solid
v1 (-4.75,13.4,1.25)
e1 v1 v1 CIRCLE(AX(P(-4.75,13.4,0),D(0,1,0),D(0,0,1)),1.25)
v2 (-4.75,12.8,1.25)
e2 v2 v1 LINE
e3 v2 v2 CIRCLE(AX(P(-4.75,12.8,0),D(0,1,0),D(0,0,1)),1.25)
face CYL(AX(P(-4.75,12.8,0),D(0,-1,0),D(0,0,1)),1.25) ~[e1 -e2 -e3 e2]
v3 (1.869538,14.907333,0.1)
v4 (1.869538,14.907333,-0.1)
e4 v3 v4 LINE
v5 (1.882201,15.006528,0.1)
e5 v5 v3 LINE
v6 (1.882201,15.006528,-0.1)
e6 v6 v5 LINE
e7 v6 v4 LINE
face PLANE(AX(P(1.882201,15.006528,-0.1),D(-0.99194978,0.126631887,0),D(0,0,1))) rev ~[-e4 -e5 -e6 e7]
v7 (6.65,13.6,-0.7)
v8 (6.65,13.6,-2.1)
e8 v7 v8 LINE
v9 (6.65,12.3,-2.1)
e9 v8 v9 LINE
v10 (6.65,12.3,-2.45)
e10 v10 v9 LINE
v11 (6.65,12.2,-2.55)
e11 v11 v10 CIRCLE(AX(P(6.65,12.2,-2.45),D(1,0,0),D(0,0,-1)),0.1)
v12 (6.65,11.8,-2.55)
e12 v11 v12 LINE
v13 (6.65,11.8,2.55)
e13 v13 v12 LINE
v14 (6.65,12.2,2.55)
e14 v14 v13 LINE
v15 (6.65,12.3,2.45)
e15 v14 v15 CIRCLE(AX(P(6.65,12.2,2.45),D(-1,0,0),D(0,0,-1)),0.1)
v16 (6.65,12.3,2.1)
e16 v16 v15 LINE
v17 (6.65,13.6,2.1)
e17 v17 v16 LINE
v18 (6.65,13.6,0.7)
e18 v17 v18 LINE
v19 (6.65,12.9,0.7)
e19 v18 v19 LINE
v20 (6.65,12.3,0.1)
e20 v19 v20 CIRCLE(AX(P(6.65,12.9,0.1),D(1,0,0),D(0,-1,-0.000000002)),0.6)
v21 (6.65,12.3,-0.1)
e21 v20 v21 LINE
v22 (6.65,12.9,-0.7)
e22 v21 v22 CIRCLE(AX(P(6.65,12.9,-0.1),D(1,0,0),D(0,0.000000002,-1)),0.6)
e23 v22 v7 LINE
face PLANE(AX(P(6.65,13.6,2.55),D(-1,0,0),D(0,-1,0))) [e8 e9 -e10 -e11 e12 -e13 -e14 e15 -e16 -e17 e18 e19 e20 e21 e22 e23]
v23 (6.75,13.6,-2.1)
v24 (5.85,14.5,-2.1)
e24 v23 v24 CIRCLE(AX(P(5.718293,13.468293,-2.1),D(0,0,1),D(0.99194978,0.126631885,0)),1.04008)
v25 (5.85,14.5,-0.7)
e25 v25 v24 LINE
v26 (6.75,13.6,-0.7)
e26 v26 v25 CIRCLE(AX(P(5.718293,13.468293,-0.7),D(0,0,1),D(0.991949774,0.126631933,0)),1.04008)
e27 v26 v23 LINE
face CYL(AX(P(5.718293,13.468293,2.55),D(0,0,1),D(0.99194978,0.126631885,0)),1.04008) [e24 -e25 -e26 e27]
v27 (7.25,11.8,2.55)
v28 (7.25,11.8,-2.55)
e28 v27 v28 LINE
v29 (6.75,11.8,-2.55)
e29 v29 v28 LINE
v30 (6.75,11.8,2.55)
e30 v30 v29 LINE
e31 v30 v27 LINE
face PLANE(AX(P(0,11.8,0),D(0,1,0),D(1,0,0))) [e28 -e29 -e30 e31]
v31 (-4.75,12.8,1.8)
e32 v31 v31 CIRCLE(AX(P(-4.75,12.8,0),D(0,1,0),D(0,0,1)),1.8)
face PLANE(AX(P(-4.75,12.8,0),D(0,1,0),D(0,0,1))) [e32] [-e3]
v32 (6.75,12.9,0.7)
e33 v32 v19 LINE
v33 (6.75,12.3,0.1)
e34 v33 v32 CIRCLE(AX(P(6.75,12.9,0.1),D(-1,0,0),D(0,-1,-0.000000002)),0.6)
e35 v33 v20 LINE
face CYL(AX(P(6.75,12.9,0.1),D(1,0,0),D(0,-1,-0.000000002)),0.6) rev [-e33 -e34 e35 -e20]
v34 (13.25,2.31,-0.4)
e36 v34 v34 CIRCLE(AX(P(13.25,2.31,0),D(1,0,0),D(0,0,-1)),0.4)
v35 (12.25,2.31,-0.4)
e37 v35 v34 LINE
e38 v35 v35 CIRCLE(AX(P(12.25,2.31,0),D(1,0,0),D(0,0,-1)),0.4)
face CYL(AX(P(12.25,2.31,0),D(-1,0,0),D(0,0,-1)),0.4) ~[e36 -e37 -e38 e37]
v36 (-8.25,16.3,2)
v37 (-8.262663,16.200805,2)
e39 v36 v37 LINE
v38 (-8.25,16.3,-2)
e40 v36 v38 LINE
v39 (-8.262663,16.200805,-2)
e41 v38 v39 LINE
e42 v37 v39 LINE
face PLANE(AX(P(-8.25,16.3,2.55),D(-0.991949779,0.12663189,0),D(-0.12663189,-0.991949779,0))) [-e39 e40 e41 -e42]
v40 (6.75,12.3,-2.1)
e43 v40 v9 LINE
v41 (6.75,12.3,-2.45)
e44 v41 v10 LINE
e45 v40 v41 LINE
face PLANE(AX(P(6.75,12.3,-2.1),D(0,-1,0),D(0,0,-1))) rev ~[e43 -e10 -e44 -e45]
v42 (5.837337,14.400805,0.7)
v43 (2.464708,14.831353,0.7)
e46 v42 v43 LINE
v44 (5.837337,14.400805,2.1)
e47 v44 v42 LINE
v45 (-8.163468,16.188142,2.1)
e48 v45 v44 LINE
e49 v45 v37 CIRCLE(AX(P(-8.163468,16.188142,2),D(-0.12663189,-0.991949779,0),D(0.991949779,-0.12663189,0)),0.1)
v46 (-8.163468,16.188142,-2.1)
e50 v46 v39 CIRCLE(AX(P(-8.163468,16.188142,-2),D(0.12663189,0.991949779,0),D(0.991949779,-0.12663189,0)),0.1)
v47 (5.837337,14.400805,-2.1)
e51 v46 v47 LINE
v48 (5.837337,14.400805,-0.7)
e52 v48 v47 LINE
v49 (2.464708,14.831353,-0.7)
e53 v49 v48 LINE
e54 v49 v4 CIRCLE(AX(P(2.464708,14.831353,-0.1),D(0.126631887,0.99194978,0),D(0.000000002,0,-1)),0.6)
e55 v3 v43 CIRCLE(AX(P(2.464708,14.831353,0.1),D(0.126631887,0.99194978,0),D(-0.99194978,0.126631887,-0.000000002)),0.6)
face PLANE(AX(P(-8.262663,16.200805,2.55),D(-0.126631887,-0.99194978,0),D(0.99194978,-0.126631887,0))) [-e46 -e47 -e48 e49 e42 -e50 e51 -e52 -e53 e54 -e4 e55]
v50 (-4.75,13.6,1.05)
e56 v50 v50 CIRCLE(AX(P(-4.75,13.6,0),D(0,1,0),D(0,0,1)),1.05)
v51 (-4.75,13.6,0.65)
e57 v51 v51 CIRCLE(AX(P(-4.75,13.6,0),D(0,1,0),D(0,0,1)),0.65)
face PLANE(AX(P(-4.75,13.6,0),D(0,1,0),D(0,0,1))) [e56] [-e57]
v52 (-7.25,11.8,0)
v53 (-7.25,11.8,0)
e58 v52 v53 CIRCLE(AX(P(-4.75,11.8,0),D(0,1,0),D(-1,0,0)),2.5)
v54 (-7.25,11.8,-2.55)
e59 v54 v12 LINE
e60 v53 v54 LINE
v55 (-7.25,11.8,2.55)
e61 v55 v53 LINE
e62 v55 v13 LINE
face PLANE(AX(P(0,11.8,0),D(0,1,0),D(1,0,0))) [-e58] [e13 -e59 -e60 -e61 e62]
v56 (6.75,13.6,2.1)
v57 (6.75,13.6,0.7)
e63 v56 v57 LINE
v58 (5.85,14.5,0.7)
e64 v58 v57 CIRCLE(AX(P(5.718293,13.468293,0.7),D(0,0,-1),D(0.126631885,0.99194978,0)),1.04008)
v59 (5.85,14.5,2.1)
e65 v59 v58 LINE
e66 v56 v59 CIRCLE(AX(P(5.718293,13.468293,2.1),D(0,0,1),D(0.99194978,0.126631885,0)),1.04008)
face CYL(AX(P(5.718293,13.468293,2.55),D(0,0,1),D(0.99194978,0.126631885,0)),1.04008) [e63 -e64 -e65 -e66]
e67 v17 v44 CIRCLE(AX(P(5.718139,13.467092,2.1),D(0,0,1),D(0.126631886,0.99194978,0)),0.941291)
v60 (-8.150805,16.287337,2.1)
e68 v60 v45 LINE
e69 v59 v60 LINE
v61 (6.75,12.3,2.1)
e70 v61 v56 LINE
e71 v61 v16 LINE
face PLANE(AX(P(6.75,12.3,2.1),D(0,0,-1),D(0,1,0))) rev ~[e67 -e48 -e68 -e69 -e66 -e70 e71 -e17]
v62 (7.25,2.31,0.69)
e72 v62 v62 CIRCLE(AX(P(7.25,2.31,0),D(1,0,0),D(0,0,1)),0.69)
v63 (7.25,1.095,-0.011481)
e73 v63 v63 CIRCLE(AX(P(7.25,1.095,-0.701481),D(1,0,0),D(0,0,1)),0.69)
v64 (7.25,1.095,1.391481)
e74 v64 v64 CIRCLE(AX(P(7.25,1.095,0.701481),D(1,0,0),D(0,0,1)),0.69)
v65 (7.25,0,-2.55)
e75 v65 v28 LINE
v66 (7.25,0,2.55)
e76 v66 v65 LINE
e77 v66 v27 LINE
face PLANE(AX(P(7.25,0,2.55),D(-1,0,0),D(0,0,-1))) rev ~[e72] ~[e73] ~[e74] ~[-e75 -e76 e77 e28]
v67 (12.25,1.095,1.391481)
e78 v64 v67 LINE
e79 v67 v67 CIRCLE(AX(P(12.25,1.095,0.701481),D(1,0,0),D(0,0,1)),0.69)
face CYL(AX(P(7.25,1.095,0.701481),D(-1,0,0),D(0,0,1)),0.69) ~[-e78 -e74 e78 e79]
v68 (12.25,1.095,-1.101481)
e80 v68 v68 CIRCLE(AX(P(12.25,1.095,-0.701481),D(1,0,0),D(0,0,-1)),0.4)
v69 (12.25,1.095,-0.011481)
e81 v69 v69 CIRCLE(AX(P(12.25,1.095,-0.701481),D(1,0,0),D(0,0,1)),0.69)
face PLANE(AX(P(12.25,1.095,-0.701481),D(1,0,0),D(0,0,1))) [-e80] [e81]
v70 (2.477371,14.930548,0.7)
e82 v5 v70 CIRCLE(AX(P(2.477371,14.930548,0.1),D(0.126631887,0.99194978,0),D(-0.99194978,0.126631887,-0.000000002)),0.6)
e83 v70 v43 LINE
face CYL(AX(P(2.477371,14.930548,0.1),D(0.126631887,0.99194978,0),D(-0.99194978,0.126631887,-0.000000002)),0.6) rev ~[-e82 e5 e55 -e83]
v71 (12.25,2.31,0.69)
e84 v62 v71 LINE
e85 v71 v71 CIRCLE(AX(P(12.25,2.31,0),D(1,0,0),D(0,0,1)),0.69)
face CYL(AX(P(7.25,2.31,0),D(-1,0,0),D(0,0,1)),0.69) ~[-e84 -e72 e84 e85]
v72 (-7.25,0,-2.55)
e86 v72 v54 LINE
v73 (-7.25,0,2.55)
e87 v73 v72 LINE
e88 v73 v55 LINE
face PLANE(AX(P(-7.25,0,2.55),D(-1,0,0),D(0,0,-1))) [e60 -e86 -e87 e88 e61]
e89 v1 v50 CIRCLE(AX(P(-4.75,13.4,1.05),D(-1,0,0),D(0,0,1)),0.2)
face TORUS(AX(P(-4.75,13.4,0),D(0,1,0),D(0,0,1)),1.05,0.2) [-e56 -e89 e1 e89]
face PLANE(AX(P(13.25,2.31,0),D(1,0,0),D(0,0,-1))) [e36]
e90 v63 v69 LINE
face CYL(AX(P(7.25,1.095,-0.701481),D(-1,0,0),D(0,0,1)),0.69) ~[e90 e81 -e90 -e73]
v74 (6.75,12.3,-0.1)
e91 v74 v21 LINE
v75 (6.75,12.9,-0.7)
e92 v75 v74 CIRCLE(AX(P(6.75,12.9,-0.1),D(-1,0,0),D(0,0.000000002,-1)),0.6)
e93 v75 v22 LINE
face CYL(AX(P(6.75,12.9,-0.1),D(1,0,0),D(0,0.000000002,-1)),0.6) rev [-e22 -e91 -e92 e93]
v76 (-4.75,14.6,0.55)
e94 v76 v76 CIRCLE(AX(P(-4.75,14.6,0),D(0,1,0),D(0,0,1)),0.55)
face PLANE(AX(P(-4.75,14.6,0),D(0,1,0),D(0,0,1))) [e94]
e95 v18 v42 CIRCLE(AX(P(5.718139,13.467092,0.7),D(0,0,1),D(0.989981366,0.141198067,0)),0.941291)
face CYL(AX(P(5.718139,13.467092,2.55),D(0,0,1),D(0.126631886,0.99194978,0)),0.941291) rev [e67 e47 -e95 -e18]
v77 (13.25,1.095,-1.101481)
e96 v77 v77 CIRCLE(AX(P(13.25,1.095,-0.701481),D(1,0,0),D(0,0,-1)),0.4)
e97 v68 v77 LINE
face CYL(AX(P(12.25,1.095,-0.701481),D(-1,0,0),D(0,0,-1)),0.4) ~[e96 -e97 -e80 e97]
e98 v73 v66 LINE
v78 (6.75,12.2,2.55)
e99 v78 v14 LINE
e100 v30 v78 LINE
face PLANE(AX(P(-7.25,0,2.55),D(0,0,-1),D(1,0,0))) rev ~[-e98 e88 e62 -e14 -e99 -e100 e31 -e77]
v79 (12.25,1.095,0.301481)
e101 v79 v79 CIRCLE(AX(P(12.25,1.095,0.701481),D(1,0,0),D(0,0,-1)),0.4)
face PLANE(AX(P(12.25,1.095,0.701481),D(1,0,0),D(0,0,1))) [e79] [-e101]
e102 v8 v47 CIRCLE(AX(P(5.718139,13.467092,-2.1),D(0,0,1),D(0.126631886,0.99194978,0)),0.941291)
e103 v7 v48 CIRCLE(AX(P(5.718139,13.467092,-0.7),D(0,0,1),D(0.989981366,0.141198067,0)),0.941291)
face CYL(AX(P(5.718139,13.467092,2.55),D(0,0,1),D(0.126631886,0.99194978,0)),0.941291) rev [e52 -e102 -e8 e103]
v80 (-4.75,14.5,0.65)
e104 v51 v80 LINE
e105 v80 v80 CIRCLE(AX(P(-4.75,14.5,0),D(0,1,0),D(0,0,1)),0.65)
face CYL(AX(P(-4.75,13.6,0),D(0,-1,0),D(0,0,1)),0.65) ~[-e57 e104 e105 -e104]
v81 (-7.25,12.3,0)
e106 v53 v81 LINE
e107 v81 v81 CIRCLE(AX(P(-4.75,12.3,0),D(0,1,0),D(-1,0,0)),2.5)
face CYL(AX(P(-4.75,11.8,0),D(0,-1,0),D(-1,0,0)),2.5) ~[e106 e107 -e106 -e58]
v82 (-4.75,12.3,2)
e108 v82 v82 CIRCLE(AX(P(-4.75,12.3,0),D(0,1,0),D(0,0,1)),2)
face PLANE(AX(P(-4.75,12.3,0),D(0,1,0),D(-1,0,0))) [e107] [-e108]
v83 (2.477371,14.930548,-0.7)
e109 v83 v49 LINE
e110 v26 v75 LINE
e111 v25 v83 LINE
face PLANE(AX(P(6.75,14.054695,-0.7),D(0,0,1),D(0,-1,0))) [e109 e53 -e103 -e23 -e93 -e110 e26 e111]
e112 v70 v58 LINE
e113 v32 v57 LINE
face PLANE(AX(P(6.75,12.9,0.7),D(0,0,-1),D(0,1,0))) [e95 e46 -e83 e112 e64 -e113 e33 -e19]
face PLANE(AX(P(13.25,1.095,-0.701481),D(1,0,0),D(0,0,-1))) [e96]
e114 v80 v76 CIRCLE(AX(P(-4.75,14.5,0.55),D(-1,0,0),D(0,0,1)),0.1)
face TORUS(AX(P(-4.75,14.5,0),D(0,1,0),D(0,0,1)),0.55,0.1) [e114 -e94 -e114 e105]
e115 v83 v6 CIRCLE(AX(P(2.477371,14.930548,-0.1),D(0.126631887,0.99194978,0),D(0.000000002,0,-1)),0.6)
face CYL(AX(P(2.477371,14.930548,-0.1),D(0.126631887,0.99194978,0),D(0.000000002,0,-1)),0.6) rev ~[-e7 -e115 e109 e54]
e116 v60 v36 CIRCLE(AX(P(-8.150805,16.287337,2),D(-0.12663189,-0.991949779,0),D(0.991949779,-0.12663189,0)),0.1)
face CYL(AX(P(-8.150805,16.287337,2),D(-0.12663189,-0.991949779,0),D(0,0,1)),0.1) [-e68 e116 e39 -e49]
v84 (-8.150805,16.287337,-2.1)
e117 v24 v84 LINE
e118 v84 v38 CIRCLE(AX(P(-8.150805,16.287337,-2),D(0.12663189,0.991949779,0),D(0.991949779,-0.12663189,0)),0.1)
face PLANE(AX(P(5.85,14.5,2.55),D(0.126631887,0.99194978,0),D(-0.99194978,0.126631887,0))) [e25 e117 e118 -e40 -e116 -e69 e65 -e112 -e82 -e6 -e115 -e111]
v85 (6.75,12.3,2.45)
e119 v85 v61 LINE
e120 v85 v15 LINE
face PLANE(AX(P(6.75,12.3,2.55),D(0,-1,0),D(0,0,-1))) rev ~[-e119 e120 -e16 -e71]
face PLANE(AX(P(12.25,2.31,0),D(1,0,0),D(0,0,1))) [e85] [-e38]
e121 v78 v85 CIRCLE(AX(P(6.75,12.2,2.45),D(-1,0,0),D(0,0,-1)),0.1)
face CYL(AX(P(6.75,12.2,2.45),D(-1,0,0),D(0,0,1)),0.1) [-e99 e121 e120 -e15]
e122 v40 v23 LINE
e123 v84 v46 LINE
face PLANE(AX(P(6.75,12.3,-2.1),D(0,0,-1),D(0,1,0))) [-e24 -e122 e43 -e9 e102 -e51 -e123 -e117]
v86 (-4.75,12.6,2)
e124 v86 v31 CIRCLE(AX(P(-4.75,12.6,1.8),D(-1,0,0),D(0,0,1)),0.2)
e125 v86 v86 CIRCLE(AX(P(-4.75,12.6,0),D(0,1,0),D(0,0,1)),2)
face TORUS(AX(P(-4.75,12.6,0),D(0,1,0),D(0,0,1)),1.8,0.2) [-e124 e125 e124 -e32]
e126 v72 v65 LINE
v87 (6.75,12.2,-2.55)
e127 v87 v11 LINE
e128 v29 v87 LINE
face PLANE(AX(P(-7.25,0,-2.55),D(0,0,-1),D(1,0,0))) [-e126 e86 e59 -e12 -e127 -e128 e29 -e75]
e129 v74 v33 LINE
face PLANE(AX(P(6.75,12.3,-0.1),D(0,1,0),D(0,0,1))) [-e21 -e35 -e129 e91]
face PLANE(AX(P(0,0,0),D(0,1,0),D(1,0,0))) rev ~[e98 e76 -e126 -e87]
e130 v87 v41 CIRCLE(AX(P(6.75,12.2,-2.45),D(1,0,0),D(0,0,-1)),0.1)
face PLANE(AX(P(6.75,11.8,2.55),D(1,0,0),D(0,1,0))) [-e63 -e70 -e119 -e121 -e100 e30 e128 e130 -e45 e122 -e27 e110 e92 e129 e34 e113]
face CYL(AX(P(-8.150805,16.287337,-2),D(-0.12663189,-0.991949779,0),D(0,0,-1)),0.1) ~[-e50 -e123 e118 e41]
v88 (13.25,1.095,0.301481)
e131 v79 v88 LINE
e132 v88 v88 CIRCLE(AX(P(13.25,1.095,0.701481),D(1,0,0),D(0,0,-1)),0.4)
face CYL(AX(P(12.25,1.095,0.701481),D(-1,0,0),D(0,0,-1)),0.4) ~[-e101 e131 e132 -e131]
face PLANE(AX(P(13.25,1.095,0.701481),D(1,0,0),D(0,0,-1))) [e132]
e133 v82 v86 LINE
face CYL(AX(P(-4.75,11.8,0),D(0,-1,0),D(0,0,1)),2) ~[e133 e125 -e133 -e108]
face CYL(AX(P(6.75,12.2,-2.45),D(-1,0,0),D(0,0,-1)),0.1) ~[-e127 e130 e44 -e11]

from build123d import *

# Parameters (mm, degrees)
SZKIC2_W                    = 14.5
SZKIC2_H                    = 5.1
DODANIE_WYCI_GNI_CIE1_DEPTH = 11.8
SZKIC3_R                    = 2.5
SZKIC3_R_2                  = 2
DODANIE_WYCI_GNI_CIE2_DEPTH = 0.5
SZKIC4_R                    = 2
DODANIE_WYCI_GNI_CIE3_DEPTH = 1
SZKIC5_R                    = 1.25
DODANIE_WYCI_GNI_CIE4_DEPTH = 0.8
SZKIC6_R                    = 0.65
DODANIE_WYCI_GNI_CIE5_DEPTH = 1
ZAOKR_GLENIE1_R             = 0.2
DODANIE_WYCI_GNI_CIE7_DEPTH = 5.1
SZKIC11_W                   = 0.45
SZKIC11_H                   = 5.401514826
WYTNIJ_WYCI_GNI_CIE2_DEPTH  = 23.306334437
WYTNIJ_WYCI_GNI_CIE3_DEPTH  = 0.778786
WYTNIJ_WYCI_GNI_CIE4_DEPTH  = 5
ZAOKR_GLENIE2_R             = 0.1
SZKIC14_R                   = 0.69
DODANIE_WYCI_GNI_CIE8_DEPTH = 5
SZKIC15_R                   = 0.4
DODANIE_WYCI_GNI_CIE9_DEPTH = 1
ZAOKR_GLENIE3_R             = 0.1


with BuildPart() as part:
    # Szkic2 → Dodanie-wyciągnięcie1 (new body)
    with BuildSketch(Plane(origin=(0, 0, 0), x_dir=(1, 0, 0), z_dir=(0, 1, 0))):
        Rectangle(SZKIC2_W, SZKIC2_H)
    extrude(amount=DODANIE_WYCI_GNI_CIE1_DEPTH)

    # Szkic3 → Dodanie-wyciągnięcie2 (add)
    with BuildSketch(Plane(origin=(0, 11.8, 0), x_dir=(1, 0, 0), z_dir=(0, 1, 0))):
        with Locations(Location((-4.75, 0, 0), (0, 0, 180))):
            Circle(SZKIC3_R)
        with Locations(Location((-4.75, 0, 0), (0, 0, 270))):
            Circle(SZKIC3_R_2, mode=Mode.SUBTRACT)
    extrude(amount=DODANIE_WYCI_GNI_CIE2_DEPTH)

    # Szkic4 → Dodanie-wyciągnięcie3 (add)
    with BuildSketch(Plane(origin=(0, 11.8, 0), x_dir=(1, 0, 0), z_dir=(0, 1, 0))):
        with Locations(Location((-4.75, 0, 0), (0, 0, 270))):
            Circle(SZKIC4_R)
    extrude(amount=DODANIE_WYCI_GNI_CIE3_DEPTH)

    # Szkic5 → Dodanie-wyciągnięcie4 (add)
    with BuildSketch(Plane(origin=(0, 12.8, 0), x_dir=(1, 0, 0), z_dir=(0, 1, 0))):
        with Locations(Location((-4.75, 0, 0), (0, 0, 270))):
            Circle(SZKIC5_R)
    extrude(amount=DODANIE_WYCI_GNI_CIE4_DEPTH)

    # Szkic6 → Dodanie-wyciągnięcie5 (add)
    with BuildSketch(Plane(origin=(0, 13.6, 0), x_dir=(1, 0, 0), z_dir=(0, 1, 0))):
        with Locations(Location((-4.75, 0, 0), (0, 0, 270))):
            Circle(SZKIC6_R)
    extrude(amount=DODANIE_WYCI_GNI_CIE5_DEPTH)

    # Zaokrąglenie1
    zaokr_glenie1_edges = [part.edges().sort_by_distance(p)[0] for p in [
        (-4.75, 12.8, -2),
        (-4.75, 13.6, -1.25),
    ]]
    fillet(zaokr_glenie1_edges, radius=ZAOKR_GLENIE1_R)

    # Szkic10 → Dodanie-wyciągnięcie7 (add)
    with BuildSketch(Plane.XY.offset(2.55)):
        with BuildLine():
            Line((6.75, 11.8), (6.75, 13.6))
            ThreePointArc((6.75, 13.6), (6.45374044, 14.20374044), (5.85, 14.5))
            Line((5.85, 14.5), (-8.25, 16.3))
            Line((-8.25, 16.3), (-8.262663189, 16.200805022))
            Line((-8.262663189, 16.200805022), (5.837336811, 14.400805022))
            ThreePointArc((5.837336811, 14.400805022), (6.378823054, 14.137558504), (6.65, 13.6))
            Line((6.65, 13.6), (6.65, 11.8))
            Line((6.65, 11.8), (6.75, 11.8))
        make_face()
    extrude(amount=-DODANIE_WYCI_GNI_CIE7_DEPTH)

    # Szkic11 → Wytnij-wyciągnięcie2 (cut, through all)
    with BuildSketch(Plane(origin=(6.75, 0, 0), x_dir=(0, 0, -1), z_dir=(1, 0, 0))):
        with Locations((-2.325, 15.000757413)):
            Rectangle(SZKIC11_W, SZKIC11_H)
        with Locations((2.325, 15.000757413)):
            Rectangle(SZKIC11_W, SZKIC11_H)
    extrude(amount=-WYTNIJ_WYCI_GNI_CIE2_DEPTH, mode=Mode.SUBTRACT)

    # Szkic12 → Wytnij-wyciągnięcie3 (cut)
    with BuildSketch(Plane(origin=(1.91518931, 15.002316258, 0), x_dir=(0.9919497796038491, -0.12663188675793827, 0), z_dir=(0.12663188675793827, 0.9919497796038491, 0))):
        with BuildLine():
            Line((-0.033256147, 0.1), (-0.033256147, -0.1))
            ThreePointArc((-0.033256147, -0.1), (0.142479784, -0.524264069), (0.566743853, -0.7))
            Line((0.566743853, -0.7), (3.966743853, -0.7))
            Line((3.966743853, -0.7), (8.34703338, -0.7))
            Line((8.34703338, -0.7), (8.34703338, 0.7))
            Line((8.34703338, 0.7), (3.966743853, 0.7))
            Line((3.966743853, 0.7), (0.566743853, 0.7))
            ThreePointArc((0.566743853, 0.7), (0.142479784, 0.524264069), (-0.033256147, 0.1))
        make_face()
    extrude(amount=-WYTNIJ_WYCI_GNI_CIE3_DEPTH, mode=Mode.SUBTRACT)

    # Szkic13 → Wytnij-wyciągnięcie4 (cut)
    with BuildSketch(Plane(origin=(6.75, 0, 0), x_dir=(0, 0, -1), z_dir=(1, 0, 0))):
        with BuildLine():
            Line((0.1, 12.3), (-0.1, 12.3))
            ThreePointArc((-0.1, 12.3), (-0.524264069, 12.475735931), (-0.7, 12.9))
            Line((-0.7, 12.9), (-0.7, 14.054695175))
            Line((-0.7, 14.054695175), (0.7, 14.054695175))
            Line((0.7, 14.054695175), (0.7, 12.9))
            ThreePointArc((0.7, 12.9), (0.524264069, 12.475735931), (0.1, 12.3))
        make_face()
    extrude(amount=-WYTNIJ_WYCI_GNI_CIE4_DEPTH, mode=Mode.SUBTRACT)

    # Zaokrąglenie2
    zaokr_glenie2_edges = [part.edges().sort_by_distance(p)[0] for p in [
        (-4.75, 14.6, -0.65),
    ]]
    fillet(zaokr_glenie2_edges, radius=ZAOKR_GLENIE2_R)

    # Szkic14 → Dodanie-wyciągnięcie8 (add)
    with BuildSketch(Plane(origin=(7.25, 0, 0), x_dir=(0, 0, -1), z_dir=(1, 0, 0))):
        with Locations(Location((0, 2.31, 0), (0, 0, 180))):
            Circle(SZKIC14_R)
        with Locations(Location((0.701480577, 1.095, 0), (0, 0, 180))):
            Circle(SZKIC14_R)
        with Locations(Location((-0.701480577, 1.095, 0), (0, 0, 180))):
            Circle(SZKIC14_R)
    extrude(amount=DODANIE_WYCI_GNI_CIE8_DEPTH)

    # Szkic15 → Dodanie-wyciągnięcie9 (add)
    with BuildSketch(Plane(origin=(12.25, 0, 0), x_dir=(0, 0, -1), z_dir=(1, 0, 0))):
        with Locations((0, 2.31)):
            Circle(SZKIC15_R)
        with Locations((0.701480577, 1.095)):
            Circle(SZKIC15_R)
        with Locations((-0.701480577, 1.095)):
            Circle(SZKIC15_R)
    extrude(amount=DODANIE_WYCI_GNI_CIE9_DEPTH)

    # Zaokrąglenie3
    zaokr_glenie3_edges = [part.edges().sort_by_distance(p)[0] for p in [
        (-8.256331594, 16.250402511, -2.1),
        (6.7, 12.3, -2.55),
        (-8.256331594, 16.250402511, 2.1),
        (6.7, 12.3, 2.55),
    ]]
    fillet(zaokr_glenie3_edges, radius=ZAOKR_GLENIE3_R)


solid = part.part
